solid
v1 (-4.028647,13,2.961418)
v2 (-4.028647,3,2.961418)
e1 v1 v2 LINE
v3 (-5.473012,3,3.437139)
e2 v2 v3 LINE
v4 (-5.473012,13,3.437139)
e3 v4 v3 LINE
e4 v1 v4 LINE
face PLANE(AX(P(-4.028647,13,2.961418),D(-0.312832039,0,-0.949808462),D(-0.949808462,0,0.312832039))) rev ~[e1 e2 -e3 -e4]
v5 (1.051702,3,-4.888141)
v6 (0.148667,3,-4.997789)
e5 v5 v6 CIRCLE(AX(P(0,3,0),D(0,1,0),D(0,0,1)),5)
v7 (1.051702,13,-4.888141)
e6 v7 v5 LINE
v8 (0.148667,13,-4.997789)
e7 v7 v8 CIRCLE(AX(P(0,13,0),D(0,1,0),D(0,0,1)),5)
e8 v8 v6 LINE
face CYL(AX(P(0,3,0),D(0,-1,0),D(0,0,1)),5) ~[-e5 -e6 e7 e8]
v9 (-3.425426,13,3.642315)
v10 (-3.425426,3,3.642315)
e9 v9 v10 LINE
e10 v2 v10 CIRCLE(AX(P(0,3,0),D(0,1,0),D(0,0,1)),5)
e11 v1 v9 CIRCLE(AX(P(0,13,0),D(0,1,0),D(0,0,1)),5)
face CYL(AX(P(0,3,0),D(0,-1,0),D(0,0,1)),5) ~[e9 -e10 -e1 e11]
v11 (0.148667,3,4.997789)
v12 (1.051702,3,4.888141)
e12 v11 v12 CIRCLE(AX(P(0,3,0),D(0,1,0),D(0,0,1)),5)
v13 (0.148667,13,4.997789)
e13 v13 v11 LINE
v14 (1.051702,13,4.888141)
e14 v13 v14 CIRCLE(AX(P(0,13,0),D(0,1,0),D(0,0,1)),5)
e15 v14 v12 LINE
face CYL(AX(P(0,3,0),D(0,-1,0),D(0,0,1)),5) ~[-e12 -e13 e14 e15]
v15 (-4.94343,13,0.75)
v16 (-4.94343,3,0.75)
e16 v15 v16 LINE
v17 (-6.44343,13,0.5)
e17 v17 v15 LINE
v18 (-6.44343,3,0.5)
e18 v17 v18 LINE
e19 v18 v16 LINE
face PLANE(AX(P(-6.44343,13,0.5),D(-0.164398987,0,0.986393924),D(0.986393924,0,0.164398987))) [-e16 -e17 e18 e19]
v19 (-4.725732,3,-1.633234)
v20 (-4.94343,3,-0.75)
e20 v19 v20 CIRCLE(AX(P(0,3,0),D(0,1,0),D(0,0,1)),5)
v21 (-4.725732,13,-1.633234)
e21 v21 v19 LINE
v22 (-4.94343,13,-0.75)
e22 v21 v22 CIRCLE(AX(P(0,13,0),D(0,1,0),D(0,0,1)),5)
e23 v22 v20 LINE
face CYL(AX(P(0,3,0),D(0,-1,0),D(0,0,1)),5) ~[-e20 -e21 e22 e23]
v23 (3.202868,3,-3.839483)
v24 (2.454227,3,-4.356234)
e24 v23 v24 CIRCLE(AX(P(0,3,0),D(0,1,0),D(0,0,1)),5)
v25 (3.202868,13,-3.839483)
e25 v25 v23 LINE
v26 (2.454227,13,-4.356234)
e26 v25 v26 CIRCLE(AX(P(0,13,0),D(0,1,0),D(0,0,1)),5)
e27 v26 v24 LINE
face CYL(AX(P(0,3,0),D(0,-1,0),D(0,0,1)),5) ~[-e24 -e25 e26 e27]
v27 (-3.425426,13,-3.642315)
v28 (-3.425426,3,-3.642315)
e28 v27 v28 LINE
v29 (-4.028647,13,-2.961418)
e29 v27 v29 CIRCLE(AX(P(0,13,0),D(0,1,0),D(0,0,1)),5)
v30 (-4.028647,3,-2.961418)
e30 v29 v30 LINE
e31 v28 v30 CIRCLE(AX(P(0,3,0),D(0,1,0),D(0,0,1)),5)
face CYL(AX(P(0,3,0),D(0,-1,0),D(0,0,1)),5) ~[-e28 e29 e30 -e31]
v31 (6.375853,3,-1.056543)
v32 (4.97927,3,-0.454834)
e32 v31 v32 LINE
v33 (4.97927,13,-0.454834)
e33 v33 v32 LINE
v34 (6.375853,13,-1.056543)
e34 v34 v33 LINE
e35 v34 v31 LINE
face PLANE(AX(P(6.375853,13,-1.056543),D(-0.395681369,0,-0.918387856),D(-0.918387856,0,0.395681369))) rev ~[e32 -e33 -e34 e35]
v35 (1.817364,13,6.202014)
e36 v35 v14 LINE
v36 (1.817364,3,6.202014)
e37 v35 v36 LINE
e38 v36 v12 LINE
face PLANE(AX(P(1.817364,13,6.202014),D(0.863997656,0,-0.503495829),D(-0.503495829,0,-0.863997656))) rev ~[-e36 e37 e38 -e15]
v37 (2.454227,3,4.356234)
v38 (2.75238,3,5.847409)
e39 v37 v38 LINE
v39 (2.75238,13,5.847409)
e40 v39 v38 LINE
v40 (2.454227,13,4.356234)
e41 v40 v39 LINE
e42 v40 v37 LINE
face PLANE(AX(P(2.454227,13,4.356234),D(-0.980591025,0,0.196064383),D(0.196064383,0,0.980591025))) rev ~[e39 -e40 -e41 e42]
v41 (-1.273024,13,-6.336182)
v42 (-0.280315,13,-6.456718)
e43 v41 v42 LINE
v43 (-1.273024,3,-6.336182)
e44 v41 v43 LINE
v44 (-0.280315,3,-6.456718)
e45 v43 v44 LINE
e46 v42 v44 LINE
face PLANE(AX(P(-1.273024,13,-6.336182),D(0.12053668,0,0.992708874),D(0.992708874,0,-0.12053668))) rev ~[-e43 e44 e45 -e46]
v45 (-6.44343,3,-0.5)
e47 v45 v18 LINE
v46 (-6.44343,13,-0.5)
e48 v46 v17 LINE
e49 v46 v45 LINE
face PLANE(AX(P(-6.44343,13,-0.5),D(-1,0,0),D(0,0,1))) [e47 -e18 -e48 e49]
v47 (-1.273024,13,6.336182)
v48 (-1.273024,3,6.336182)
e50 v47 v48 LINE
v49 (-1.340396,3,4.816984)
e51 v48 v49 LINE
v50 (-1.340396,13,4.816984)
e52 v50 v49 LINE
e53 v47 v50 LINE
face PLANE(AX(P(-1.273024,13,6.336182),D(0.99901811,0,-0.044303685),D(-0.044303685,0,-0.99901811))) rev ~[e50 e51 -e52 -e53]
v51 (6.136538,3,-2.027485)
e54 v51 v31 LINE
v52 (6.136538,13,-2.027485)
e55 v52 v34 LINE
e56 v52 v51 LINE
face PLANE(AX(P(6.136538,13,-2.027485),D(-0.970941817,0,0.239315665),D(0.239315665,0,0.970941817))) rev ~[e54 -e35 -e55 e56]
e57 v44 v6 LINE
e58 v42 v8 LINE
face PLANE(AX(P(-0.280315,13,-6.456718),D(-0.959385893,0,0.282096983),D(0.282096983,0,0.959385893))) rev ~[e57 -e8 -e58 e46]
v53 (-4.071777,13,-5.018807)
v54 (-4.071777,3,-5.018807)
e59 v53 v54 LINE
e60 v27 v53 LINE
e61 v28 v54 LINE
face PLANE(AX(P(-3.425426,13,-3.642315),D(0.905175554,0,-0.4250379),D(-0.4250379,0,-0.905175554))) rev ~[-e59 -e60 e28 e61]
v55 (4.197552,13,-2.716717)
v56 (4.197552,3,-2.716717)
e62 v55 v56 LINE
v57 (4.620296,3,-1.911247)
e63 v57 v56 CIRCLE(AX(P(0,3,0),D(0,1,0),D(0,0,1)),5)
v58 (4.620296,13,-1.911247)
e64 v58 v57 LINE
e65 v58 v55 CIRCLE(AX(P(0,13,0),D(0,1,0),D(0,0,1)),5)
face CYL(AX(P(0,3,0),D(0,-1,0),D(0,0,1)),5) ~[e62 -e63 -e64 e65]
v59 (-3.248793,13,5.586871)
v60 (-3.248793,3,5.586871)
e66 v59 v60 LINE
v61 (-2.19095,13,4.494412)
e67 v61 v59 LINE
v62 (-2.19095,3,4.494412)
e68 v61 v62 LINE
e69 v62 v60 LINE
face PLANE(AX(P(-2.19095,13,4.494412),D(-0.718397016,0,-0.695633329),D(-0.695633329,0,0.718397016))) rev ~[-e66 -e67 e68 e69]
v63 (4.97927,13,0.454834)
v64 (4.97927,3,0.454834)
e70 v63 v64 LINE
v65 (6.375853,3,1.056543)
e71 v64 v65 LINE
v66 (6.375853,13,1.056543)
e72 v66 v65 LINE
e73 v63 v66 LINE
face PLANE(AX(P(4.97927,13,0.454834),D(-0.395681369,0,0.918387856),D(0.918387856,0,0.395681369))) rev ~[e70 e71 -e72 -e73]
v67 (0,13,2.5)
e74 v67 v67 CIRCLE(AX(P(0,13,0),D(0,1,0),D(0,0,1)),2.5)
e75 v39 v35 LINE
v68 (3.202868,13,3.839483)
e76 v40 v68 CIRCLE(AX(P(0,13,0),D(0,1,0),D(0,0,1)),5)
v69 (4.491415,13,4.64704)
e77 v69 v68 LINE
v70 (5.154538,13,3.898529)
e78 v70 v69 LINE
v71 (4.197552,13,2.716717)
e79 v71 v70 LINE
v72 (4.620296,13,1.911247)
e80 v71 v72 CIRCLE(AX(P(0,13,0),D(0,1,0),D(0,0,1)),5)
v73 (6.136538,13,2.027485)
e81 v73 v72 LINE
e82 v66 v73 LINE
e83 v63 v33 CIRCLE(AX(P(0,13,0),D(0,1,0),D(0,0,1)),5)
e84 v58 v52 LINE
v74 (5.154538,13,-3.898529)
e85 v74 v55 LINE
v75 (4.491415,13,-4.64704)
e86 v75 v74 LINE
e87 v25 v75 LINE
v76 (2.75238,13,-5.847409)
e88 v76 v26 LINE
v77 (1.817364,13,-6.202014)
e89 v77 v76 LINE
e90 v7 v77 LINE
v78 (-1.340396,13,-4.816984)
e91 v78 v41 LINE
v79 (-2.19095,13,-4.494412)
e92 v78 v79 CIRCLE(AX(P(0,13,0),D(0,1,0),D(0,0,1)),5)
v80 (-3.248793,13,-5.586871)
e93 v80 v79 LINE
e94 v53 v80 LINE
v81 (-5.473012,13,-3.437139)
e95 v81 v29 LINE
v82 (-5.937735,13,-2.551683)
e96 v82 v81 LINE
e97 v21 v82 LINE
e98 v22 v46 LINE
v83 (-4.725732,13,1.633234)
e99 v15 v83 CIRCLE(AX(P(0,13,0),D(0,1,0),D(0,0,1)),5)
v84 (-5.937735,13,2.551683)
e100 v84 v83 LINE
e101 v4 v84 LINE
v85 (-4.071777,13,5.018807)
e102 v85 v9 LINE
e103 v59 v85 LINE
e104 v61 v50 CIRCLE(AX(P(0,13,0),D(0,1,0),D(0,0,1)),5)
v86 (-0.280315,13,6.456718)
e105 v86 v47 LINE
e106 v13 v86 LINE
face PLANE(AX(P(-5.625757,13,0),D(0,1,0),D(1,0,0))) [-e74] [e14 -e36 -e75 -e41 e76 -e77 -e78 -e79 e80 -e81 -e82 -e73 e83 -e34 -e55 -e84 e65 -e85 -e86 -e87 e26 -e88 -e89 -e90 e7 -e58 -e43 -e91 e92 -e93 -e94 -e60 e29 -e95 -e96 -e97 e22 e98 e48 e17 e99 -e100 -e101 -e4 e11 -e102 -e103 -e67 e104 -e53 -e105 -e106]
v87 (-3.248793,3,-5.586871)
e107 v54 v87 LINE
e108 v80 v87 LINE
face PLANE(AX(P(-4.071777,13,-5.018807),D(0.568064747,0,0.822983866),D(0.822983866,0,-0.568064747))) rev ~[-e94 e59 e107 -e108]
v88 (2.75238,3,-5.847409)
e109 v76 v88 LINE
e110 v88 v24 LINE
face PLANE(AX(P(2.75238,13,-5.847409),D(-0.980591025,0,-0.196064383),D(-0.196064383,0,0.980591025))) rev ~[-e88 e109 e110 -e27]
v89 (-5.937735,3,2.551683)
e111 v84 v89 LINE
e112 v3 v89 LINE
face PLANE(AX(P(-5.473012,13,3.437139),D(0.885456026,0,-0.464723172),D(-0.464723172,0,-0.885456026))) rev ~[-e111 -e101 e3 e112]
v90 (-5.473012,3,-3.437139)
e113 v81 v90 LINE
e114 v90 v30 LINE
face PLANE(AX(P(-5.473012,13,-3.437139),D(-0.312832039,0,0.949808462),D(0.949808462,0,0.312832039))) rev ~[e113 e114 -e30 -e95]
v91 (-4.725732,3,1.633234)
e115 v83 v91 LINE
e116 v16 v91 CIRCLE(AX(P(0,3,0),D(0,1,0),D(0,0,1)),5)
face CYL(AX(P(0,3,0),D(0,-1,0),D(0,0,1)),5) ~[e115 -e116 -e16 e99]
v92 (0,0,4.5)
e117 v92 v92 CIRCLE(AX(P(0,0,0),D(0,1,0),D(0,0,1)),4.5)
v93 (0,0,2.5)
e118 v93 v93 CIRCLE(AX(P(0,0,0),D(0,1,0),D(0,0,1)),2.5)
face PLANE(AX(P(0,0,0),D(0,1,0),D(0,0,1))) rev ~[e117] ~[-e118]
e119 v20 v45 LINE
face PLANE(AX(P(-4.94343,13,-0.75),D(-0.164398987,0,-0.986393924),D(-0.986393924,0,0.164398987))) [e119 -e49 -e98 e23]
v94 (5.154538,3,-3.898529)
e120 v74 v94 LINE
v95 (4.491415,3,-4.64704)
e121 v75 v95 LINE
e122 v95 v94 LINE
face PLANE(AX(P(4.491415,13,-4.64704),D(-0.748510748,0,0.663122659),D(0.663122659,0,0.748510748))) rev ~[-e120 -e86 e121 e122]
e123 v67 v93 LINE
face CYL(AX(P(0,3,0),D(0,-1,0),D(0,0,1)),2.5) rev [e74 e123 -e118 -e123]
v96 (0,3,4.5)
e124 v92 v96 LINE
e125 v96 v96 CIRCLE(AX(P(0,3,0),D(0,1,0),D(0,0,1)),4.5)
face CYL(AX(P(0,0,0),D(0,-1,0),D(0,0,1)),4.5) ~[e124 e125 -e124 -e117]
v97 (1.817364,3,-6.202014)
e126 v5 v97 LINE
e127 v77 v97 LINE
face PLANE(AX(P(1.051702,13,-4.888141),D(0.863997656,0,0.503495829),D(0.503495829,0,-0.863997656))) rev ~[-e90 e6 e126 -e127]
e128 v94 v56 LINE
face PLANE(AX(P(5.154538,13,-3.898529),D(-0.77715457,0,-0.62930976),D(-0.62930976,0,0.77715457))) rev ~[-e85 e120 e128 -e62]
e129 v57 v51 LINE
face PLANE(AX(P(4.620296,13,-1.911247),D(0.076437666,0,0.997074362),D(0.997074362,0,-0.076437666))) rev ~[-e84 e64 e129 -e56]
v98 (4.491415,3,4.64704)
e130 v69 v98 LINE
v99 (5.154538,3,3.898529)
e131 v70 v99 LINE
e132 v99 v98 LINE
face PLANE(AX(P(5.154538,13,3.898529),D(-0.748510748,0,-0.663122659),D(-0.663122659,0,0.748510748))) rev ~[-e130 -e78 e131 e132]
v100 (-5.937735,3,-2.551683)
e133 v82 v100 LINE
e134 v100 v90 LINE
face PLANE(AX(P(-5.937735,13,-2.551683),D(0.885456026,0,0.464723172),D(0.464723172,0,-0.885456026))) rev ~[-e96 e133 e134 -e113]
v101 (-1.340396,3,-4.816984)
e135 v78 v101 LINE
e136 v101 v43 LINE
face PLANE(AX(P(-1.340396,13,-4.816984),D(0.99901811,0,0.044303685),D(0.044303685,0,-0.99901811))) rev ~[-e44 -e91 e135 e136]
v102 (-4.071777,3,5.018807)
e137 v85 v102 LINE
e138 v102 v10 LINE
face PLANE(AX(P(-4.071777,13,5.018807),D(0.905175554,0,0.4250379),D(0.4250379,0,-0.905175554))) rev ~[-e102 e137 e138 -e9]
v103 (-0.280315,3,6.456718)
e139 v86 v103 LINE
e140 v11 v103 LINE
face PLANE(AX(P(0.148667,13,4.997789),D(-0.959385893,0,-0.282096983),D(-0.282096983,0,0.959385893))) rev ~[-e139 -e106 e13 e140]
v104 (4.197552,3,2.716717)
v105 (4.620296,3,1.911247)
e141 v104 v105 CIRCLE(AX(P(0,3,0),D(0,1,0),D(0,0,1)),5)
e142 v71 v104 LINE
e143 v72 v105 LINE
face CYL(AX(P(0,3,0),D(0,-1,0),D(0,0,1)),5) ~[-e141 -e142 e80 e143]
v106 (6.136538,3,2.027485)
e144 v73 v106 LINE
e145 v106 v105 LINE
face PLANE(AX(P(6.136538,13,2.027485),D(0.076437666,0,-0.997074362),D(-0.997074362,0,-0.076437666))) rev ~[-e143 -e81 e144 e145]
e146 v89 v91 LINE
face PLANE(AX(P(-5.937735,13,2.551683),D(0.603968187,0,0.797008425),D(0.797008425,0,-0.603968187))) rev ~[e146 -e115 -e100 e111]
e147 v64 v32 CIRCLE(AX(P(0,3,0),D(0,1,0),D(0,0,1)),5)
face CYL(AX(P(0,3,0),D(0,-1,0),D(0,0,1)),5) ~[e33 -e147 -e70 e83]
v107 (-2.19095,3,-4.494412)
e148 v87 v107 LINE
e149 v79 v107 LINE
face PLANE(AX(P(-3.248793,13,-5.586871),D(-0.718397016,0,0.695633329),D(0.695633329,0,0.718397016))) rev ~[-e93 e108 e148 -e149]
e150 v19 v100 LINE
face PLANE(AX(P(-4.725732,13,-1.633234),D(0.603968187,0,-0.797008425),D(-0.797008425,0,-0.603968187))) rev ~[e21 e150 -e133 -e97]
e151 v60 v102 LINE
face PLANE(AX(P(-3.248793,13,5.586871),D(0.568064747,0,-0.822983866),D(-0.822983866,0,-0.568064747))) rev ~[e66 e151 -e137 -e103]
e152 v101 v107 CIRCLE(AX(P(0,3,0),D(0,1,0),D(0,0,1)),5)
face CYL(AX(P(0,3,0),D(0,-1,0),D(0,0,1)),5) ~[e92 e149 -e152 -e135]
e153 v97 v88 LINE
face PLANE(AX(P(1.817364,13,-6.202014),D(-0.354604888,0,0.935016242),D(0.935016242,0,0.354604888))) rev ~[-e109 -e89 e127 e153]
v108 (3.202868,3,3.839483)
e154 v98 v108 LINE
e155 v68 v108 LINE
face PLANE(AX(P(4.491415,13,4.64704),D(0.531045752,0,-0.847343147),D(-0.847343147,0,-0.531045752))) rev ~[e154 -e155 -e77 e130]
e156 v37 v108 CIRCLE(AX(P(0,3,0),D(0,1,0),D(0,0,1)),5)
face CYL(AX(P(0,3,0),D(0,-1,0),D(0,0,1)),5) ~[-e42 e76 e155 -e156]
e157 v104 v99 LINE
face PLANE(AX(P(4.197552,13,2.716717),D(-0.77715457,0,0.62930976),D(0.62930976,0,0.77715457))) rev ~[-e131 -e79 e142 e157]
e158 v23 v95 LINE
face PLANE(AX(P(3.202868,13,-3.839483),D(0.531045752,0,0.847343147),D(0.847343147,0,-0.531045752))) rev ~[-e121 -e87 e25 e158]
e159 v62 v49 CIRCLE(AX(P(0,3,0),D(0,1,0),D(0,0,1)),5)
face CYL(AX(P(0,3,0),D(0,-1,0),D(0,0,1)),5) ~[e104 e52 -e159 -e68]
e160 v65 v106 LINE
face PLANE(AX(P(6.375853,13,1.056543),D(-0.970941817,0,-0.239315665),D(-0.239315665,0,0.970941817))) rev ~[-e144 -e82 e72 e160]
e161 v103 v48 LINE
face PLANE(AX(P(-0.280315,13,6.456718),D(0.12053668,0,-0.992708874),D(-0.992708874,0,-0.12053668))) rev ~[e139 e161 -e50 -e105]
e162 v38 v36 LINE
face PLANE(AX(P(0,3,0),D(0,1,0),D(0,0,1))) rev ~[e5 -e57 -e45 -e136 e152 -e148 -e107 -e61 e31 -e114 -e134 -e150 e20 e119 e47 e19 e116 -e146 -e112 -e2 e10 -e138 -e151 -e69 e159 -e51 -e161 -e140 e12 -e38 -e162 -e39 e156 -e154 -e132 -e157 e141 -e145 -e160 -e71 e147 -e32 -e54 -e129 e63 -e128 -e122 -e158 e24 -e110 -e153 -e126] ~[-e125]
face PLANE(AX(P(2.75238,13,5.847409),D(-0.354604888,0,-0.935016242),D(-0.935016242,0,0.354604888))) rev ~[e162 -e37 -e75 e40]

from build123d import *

# Parameters (mm, degrees)
SKETCH1_R           = 4.5
SKETCH1_R_2         = 2.5
BOSS_EXTRUDE1_DEPTH = 3
SKETCH2_R           = 5
SKETCH2_R_2         = 2.5
BOSS_EXTRUDE2_DEPTH = 10
BOSS_EXTRUDE3_DEPTH = 10


with BuildPart() as part:
    # Sketch1 → Boss-Extrude1 (new body)
    with BuildSketch(Plane(origin=(0, 0, 0), x_dir=(1, 0, 0), z_dir=(0, 1, 0))):
        with Locations(Location((0, 0, 0), (0, 0, 270))):
            Circle(SKETCH1_R)
        with Locations(Location((0, 0, 0), (0, 0, 270))):
            Circle(SKETCH1_R_2, mode=Mode.SUBTRACT)
    extrude(amount=BOSS_EXTRUDE1_DEPTH)

    # Sketch2 → Boss-Extrude2 (add)
    with BuildSketch(Plane(origin=(0, 3, 0), x_dir=(1, 0, 0), z_dir=(0, 1, 0))):
        with Locations(Location((0, 0, 0), (0, 0, 270))):
            Circle(SKETCH2_R)
        with Locations(Location((0, 0, 0), (0, 0, 270))):
            Circle(SKETCH2_R_2, mode=Mode.SUBTRACT)
    extrude(amount=BOSS_EXTRUDE2_DEPTH)

    # Sketch3 → Boss-Extrude3 (add)
    with BuildSketch(Plane(origin=(0, 13, 0), x_dir=(1, 0, 0), z_dir=(0, 1, 0))):
        Polygon((-4.943429983, -0.75), (-4.943429983, 0.75), (-6.443429983, 0.5), (-6.443429983, -0.5), align=None)
        Polygon((-5.473012319, 3.437139234), (-4.028647487, 2.961418482), (-4.725732245, 1.633234443), (-5.937735491, 2.551683208), align=None)
        Polygon((-3.248793489, 5.586871291), (-2.190950402, 4.494411678), (-3.425426201, 3.642314558), (-4.071777355, 5.018806544), align=None)
        Polygon((-0.280315223, 6.456718464), (0.148667016, 4.997789323), (-1.340396295, 4.816984303), (-1.273024097, 6.336181784), align=None)
        Polygon((2.752379883, 5.847409249), (2.454226613, 4.356233664), (1.051702249, 4.888140994), (1.81736364, 6.202014137), align=None)
        Polygon((5.154537927, 3.898529045), (4.197552469, 2.71671737), (3.202868482, 3.839483492), (4.491415268, 4.647039793), align=None)
        Polygon((6.375853451, 1.056542818), (4.979269641, 0.454833867), (4.620296144, 1.911246593), (6.136537786, 2.027484635), align=None)
        Polygon((6.136537786, -2.027484635), (4.620296144, -1.911246593), (4.979269641, -0.454833867), (6.375853451, -1.056542818), align=None)
        Polygon((4.491415268, -4.647039793), (3.202868482, -3.839483492), (4.197552469, -2.71671737), (5.154537927, -3.898529045), align=None)
        Polygon((1.81736364, -6.202014137), (1.051702249, -4.888140994), (2.454226613, -4.356233664), (2.752379883, -5.847409249), align=None)
        Polygon((-1.273024097, -6.336181784), (-1.340396295, -4.816984303), (0.148667016, -4.997789323), (-0.280315223, -6.456718464), align=None)
        Polygon((-4.071777355, -5.018806544), (-3.425426201, -3.642314558), (-2.190950402, -4.494411678), (-3.248793489, -5.586871291), align=None)
        Polygon((-5.937735491, -2.551683208), (-4.725732245, -1.633234443), (-4.028647487, -2.961418482), (-5.473012319, -3.437139234), align=None)
    extrude(amount=-BOSS_EXTRUDE3_DEPTH)


solid = part.part
